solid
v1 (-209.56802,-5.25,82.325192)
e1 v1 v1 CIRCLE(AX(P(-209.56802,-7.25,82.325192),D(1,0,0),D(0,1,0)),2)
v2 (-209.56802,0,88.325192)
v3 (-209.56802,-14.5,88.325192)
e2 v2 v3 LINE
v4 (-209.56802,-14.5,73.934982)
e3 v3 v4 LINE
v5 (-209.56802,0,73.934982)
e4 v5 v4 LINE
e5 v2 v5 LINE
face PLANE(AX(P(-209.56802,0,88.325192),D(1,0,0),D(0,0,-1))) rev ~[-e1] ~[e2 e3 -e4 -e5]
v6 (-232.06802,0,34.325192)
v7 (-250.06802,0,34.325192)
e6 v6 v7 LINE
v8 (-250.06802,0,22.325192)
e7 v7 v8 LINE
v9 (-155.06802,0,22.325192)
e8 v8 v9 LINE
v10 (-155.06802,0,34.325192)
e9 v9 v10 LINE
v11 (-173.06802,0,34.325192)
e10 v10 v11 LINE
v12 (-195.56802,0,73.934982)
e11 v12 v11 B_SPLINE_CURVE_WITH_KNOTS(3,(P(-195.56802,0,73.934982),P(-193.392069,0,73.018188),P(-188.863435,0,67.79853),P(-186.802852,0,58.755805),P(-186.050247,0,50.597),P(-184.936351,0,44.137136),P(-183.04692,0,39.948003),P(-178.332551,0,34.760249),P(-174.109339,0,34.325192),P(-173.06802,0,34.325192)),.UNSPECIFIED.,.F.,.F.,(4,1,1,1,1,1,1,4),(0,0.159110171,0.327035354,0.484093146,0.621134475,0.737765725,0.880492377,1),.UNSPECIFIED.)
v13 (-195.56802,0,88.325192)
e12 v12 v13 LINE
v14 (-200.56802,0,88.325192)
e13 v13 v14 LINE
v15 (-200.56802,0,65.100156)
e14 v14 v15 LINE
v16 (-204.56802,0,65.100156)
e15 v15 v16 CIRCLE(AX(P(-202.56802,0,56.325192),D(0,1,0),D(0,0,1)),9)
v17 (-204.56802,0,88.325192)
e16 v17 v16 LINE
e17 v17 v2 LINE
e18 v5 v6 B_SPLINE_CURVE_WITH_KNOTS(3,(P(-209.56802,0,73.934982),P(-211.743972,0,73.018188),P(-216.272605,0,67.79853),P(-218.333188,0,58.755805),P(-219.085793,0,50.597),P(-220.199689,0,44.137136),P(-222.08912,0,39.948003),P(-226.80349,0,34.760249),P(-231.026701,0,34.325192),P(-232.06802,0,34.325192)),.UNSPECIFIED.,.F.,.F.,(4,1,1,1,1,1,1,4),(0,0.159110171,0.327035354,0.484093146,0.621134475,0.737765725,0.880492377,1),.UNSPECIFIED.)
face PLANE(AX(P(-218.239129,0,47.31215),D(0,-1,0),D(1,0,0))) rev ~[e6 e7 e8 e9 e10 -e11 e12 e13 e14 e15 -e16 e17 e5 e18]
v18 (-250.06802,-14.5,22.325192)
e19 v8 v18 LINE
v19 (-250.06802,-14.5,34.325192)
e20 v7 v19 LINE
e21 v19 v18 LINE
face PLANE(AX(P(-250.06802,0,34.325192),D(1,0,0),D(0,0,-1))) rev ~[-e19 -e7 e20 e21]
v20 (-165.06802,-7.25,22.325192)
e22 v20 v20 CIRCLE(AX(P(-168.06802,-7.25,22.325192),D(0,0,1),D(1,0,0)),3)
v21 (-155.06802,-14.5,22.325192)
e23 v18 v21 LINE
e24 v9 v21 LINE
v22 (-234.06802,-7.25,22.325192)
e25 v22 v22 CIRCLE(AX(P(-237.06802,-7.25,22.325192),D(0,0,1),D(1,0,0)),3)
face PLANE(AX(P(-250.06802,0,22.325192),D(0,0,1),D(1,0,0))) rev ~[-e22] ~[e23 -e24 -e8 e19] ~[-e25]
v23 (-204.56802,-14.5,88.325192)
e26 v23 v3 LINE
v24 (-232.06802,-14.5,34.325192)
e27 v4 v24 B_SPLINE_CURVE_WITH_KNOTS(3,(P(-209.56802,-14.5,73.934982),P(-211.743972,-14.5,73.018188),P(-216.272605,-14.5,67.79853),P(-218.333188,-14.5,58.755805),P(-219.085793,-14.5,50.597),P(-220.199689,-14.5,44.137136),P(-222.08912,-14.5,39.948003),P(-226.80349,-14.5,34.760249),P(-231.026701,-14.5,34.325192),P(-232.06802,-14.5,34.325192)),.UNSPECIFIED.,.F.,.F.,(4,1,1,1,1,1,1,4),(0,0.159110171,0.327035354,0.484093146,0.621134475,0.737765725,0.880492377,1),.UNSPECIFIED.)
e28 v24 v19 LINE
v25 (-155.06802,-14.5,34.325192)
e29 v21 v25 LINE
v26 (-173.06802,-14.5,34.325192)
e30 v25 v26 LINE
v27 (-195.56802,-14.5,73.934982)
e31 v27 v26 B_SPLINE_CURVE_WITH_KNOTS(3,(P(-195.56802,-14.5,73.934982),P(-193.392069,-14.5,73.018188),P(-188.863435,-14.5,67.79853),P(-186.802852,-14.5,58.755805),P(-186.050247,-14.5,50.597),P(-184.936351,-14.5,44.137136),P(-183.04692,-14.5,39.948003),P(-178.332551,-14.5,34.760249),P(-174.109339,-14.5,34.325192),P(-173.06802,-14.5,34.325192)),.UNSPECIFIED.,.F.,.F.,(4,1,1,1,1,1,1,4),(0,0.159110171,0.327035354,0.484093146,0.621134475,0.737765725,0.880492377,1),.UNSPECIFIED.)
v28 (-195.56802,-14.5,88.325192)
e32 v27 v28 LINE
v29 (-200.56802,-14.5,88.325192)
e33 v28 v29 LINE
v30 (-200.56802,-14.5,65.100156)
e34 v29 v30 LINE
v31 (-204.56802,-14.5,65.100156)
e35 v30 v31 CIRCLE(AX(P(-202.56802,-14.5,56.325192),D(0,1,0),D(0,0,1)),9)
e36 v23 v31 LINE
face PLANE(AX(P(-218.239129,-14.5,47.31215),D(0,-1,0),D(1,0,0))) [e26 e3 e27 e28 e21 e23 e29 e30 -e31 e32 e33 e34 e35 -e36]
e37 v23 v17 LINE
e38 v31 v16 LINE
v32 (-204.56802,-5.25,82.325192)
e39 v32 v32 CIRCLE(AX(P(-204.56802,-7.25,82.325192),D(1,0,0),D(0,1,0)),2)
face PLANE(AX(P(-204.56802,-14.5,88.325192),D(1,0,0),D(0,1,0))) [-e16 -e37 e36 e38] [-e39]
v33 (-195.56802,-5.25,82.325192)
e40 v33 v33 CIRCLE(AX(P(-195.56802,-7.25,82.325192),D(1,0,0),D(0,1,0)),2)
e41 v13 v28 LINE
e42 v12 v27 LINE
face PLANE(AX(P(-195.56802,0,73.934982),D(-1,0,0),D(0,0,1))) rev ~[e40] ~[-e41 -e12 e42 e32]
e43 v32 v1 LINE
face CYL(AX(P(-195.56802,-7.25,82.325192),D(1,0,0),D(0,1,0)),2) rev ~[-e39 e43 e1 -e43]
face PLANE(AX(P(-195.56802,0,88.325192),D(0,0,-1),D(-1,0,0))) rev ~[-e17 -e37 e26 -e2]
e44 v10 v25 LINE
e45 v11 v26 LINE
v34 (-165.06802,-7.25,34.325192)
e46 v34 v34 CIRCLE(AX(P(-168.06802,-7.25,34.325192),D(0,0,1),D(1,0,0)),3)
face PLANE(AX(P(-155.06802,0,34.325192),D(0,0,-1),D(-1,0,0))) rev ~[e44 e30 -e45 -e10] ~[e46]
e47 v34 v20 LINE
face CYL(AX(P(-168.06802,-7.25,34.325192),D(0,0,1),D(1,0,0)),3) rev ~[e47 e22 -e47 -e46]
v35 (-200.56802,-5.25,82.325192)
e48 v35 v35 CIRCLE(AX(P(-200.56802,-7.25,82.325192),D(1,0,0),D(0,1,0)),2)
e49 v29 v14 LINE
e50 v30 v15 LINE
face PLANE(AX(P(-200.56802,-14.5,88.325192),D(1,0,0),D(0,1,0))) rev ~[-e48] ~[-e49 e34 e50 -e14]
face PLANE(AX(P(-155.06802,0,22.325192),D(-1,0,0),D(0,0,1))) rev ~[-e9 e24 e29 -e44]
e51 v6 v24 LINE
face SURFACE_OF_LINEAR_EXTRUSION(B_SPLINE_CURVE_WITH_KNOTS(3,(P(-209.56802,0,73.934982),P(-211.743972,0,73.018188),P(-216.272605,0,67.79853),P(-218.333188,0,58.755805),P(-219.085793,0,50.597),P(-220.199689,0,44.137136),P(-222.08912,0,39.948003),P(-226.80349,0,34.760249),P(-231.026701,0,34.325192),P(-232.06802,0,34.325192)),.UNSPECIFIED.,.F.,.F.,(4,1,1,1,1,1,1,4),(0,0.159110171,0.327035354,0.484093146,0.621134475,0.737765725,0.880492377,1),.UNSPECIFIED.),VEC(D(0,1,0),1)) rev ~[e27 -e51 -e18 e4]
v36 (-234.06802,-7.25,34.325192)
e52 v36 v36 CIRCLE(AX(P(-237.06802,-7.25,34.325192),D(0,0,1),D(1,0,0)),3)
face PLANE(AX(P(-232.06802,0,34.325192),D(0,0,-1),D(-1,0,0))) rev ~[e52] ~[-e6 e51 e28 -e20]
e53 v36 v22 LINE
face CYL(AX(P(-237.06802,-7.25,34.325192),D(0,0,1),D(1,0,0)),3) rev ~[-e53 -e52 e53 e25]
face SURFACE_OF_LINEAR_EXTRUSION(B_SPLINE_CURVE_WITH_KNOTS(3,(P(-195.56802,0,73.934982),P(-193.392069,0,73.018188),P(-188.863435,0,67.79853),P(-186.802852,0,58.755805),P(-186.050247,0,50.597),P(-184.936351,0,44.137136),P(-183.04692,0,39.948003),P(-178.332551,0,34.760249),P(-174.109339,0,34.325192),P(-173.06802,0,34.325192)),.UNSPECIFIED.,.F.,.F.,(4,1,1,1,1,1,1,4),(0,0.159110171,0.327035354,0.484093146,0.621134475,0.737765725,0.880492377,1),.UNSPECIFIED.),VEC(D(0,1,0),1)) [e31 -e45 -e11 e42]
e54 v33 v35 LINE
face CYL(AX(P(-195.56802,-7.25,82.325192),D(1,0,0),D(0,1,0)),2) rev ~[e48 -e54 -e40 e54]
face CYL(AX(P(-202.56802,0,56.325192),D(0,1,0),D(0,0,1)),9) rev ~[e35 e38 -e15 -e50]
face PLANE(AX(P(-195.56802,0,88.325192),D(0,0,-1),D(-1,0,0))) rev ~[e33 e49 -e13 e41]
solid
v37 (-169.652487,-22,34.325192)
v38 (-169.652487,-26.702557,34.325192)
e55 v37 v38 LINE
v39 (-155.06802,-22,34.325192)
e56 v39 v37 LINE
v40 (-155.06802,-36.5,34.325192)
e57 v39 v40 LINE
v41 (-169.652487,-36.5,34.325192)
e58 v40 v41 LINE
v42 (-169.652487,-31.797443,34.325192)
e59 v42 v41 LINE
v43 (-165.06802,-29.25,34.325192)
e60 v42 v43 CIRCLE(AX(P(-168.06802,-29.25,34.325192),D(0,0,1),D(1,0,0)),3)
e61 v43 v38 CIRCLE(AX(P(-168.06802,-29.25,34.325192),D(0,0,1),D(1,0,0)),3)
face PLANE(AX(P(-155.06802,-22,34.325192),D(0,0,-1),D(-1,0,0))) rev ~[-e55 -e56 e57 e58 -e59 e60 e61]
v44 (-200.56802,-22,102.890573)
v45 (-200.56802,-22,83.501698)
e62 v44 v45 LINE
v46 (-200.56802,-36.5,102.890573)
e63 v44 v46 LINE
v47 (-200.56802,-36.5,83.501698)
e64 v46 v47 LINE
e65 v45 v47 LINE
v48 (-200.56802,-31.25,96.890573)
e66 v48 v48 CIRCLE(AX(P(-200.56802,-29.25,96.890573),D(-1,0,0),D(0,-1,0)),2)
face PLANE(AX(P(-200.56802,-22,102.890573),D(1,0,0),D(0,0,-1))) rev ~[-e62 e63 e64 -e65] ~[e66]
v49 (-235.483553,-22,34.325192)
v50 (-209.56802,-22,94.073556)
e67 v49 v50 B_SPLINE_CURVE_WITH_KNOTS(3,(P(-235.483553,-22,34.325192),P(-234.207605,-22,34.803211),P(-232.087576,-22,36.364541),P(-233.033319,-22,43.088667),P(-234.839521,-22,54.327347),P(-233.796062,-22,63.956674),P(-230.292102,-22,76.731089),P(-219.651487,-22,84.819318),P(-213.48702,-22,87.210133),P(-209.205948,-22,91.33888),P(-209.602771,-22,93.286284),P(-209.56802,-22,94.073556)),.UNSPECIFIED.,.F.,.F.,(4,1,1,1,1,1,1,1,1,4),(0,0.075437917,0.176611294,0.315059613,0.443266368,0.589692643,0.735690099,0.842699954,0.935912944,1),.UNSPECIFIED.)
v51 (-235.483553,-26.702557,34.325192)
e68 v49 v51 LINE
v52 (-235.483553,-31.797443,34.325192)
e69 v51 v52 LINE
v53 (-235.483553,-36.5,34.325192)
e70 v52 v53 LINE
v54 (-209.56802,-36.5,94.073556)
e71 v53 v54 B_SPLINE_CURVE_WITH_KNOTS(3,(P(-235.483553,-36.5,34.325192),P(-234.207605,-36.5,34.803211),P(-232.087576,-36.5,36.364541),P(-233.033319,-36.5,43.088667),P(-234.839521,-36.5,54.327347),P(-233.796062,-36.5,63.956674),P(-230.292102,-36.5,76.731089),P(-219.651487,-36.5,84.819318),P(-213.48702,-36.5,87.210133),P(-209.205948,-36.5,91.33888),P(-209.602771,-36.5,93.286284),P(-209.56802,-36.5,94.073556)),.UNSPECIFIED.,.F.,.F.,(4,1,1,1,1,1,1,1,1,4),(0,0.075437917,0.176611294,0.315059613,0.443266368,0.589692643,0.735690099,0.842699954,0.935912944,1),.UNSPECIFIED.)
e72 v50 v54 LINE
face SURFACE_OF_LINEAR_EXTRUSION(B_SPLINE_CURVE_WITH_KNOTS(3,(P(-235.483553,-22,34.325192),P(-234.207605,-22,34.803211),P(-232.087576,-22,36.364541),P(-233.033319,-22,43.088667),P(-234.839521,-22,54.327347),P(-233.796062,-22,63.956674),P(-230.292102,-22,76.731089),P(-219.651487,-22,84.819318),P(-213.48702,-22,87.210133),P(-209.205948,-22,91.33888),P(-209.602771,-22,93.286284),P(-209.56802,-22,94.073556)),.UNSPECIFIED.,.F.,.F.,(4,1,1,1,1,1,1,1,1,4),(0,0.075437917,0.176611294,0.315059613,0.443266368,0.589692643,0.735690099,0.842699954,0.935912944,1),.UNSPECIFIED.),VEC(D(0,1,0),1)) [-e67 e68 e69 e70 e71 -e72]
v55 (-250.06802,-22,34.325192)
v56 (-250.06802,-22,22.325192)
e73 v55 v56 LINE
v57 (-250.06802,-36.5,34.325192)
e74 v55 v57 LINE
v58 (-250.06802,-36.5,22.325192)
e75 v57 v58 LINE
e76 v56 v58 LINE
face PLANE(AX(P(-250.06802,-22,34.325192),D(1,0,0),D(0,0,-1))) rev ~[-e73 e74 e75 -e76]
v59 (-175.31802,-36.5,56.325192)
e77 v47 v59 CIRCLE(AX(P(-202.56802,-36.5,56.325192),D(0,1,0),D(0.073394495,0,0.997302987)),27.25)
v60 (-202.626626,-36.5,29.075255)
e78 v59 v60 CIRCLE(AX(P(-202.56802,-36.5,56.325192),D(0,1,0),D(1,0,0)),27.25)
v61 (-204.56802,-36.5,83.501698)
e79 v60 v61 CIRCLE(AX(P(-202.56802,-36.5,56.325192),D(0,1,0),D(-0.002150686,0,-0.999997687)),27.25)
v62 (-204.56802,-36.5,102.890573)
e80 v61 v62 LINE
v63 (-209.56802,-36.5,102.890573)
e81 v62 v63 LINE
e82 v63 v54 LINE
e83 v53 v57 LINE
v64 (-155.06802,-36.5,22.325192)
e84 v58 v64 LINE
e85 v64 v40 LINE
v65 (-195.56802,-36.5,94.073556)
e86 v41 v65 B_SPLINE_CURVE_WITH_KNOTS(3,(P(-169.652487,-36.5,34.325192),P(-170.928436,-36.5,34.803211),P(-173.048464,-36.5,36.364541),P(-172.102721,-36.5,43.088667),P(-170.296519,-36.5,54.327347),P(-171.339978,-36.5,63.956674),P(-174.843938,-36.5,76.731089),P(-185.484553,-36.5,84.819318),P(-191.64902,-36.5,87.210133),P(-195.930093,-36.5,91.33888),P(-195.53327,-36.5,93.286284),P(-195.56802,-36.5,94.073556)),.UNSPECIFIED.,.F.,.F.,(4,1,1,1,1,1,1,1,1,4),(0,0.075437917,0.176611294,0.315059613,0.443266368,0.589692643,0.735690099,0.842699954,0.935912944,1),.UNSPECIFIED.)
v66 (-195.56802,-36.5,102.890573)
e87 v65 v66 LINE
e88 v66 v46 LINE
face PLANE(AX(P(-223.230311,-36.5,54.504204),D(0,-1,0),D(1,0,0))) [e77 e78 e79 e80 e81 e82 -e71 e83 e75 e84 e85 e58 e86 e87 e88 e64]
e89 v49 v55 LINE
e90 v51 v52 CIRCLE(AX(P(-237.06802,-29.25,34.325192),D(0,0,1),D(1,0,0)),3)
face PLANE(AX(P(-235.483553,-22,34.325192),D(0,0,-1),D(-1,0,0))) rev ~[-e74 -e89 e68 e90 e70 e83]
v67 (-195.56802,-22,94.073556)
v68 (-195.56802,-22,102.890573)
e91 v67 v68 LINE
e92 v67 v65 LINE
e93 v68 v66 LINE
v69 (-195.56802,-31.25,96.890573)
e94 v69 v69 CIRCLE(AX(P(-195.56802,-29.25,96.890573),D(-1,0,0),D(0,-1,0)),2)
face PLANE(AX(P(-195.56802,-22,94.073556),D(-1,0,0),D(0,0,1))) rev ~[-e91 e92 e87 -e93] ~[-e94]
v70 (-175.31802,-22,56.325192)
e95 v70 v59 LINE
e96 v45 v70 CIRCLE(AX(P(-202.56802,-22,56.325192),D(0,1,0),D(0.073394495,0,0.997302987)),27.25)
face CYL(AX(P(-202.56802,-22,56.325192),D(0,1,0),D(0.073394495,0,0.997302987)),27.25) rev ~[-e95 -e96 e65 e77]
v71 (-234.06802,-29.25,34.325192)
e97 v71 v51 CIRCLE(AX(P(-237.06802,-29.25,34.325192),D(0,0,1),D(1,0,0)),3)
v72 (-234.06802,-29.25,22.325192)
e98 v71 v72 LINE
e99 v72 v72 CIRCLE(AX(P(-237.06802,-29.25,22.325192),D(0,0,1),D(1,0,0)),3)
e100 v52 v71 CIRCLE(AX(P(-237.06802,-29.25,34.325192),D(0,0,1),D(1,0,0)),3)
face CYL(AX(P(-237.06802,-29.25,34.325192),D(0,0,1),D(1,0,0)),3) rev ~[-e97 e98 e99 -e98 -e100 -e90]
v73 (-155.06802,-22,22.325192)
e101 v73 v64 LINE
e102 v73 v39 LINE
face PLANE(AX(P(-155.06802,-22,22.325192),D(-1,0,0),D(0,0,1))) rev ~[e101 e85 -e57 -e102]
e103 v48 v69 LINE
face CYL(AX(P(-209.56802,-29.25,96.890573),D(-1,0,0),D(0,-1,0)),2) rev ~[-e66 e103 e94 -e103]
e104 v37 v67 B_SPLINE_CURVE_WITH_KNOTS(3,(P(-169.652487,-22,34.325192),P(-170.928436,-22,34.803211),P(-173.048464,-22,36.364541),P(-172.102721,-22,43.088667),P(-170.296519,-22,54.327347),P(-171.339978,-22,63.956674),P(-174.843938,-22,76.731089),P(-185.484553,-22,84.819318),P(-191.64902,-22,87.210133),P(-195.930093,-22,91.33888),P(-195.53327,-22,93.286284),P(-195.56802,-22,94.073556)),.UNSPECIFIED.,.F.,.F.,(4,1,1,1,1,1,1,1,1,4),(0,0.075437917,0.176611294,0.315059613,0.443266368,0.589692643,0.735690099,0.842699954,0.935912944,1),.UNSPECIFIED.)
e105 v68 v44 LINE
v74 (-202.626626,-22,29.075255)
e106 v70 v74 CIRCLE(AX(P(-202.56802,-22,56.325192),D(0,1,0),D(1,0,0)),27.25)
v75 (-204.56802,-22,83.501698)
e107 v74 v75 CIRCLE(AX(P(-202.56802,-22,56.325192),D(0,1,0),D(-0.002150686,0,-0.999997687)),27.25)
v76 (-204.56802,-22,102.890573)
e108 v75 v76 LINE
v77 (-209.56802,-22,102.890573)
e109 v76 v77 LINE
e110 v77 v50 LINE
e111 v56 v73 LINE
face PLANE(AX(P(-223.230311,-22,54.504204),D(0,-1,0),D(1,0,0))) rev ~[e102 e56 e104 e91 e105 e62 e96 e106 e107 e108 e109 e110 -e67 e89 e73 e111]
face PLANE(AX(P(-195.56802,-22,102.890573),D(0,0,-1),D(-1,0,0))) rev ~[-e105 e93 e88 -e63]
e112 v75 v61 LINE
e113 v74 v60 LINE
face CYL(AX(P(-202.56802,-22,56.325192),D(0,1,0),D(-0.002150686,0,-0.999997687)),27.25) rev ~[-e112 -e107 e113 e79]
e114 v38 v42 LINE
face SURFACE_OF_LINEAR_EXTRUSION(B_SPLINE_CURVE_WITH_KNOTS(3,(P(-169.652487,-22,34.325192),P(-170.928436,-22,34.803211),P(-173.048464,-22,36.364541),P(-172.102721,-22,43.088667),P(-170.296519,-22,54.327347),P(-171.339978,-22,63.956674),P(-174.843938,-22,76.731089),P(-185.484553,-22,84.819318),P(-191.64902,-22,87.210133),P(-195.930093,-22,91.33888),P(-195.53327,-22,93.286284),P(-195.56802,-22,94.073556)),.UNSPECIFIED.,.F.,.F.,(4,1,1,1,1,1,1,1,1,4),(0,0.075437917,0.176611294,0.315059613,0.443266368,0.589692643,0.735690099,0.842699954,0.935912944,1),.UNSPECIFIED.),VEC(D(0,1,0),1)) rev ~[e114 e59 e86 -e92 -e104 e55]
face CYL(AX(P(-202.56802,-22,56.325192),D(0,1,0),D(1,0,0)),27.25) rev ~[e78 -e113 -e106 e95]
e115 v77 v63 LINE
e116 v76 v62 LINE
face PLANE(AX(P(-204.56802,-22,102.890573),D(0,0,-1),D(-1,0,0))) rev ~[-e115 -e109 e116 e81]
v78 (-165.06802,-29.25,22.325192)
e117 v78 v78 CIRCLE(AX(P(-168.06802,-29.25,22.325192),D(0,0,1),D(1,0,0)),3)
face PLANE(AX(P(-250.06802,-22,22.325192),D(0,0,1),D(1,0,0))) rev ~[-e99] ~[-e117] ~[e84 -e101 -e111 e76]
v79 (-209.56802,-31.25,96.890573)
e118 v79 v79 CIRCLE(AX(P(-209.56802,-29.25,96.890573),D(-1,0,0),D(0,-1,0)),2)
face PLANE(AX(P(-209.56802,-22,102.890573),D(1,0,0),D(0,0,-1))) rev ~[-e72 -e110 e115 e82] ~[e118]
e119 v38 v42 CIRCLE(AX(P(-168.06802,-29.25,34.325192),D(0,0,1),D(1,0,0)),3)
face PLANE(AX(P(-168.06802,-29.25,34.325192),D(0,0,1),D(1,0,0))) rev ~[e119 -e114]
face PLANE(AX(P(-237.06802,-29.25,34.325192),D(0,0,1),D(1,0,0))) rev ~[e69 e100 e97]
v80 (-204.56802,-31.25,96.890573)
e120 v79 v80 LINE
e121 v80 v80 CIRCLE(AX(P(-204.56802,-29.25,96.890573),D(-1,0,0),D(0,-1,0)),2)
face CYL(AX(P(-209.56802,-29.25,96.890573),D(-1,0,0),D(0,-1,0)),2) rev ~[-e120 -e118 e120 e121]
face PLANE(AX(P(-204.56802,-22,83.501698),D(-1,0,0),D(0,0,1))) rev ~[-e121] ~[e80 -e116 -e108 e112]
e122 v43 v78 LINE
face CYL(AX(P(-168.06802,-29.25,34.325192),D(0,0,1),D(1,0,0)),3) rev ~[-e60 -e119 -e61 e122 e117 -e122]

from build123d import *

# Parameters (mm, degrees)
F2_DEPTH  = 14.5
F3_R      = 3
F4_DEPTH  = 25
F5_W      = 4
F5_H      = 14.5
F6_DEPTH  = 25
F7_R      = 2
F8_DEPTH  = 25
F11_DEPTH = 14.5
F12_R     = 3
F13_DEPTH = 25
F14_R     = 2
F15_DEPTH = 25


with BuildPart() as f2:
    # F1 (on face) → F2 (new body)
    with BuildSketch(Plane.XZ):
        with BuildLine():
            Line((-202.5680201617, 65.3251916903), (-202.5680201617, 88.3251916903))
            Line((-202.5680201617, 88.3251916903), (-209.5680201617, 88.3251916903))
            Line((-209.5680201617, 88.3251916903), (-209.5680201617, 73.9349819805))
            add(Edge.make_bspline(
                [(-209.5680201617, 73.9349819805), (-211.7439716774, 73.0181878643), (-216.2726052613, 67.7985303627), (-218.3331884568, 58.75580514), (-219.0857934458, 50.5969995569), (-220.199689377, 44.137135842), (-222.0891199342, 39.9480032137), (-226.803489677, 34.7602491031), (-231.0267011323, 34.3251916903), (-232.0680201617, 34.3251916903)],
                knots=[0, 0, 0, 0, 0.1591101706, 0.3270353536, 0.4840931463, 0.6211344746, 0.7377657249, 0.8804923771, 1, 1, 1, 1], degree=3))
            Line((-232.0680201617, 34.3251916903), (-250.0680201617, 34.3251916903))
            Line((-250.0680201617, 34.3251916903), (-250.0680201617, 22.3251916903))
            Line((-250.0680201617, 22.3251916903), (-202.5680201617, 22.3251916903))
            Line((-202.5680201617, 22.3251916903), (-202.5680201617, 47.3251916903))
            ThreePointArc((-202.5680201617, 47.3251916903), (-211.5680201617, 56.3251916903), (-202.5680201617, 65.3251916903))
        make_face()
        with BuildLine():
            Line((-195.5680201617, 88.3251916903), (-202.5680201617, 88.3251916903))
            Line((-202.5680201617, 88.3251916903), (-202.5680201617, 65.3251916903))
            ThreePointArc((-202.5680201617, 65.3251916903), (-193.5680201617, 56.3251916903), (-202.5680201617, 47.3251916903))
            Line((-202.5680201617, 47.3251916903), (-202.5680201617, 22.3251916903))
            Line((-202.5680201617, 22.3251916903), (-155.0680201617, 22.3251916903))
            Line((-155.0680201617, 22.3251916903), (-155.0680201617, 34.3251916903))
            Line((-155.0680201617, 34.3251916903), (-173.0680201617, 34.3251916903))
            add(Edge.make_bspline(
                [(-195.5680201617, 73.9349819805), (-193.392068646, 73.0181878643), (-188.863435062, 67.7985303627), (-186.8028518665, 58.75580514), (-186.0502468775, 50.5969995569), (-184.9363509464, 44.137135842), (-183.0469203892, 39.9480032137), (-178.3325506464, 34.7602491031), (-174.109339191, 34.3251916903), (-173.0680201617, 34.3251916903)],
                knots=[0, 0, 0, 0, 0.1591101706, 0.3270353536, 0.4840931463, 0.6211344746, 0.7377657249, 0.8804923771, 1, 1, 1, 1], degree=3))
            Line((-195.5680201617, 73.9349819805), (-195.5680201617, 88.3251916903))
        make_face()
    extrude(amount=F2_DEPTH)

    # F3 (on face) → F4 (cut)
    with BuildSketch(Plane.XY.offset(34.3251916903)):
        with Locations((-237.0680201617, -7.25)):
            Circle(F3_R)
        with Locations((-168.0680201617, -7.25)):
            Circle(F3_R)
    extrude(amount=-F4_DEPTH, mode=Mode.SUBTRACT)

    # F5 (on face) → F6 (cut)
    with BuildSketch(Plane.XY.offset(88.3251916903)):
        with Locations((-202.5680201617, -7.25)):
            Rectangle(F5_W, F5_H)
    extrude(amount=-F6_DEPTH, mode=Mode.SUBTRACT)

    # F7 (on face) → F8 (cut)
    with BuildSketch(Plane.YZ.offset(-195.5680201617)):
        with Locations((-7.25, 82.3251916903)):
            Circle(F7_R)
    extrude(amount=-F8_DEPTH, mode=Mode.SUBTRACT)


with BuildPart() as f11:
    # F10 (on offset) → F11 (new body)
    with BuildSketch(Plane.XZ.offset(22)):
        with BuildLine():
            Line((-202.6266263647, 22.3251916903), (-202.6266263647, 29.0752547122))
            ThreePointArc((-202.6266263647, 29.0752547122), (-229.8007008876, 55.3538006871), (-204.5680201617, 83.5016980883))
            Line((-204.5680201617, 83.5016980883), (-204.5680201617, 102.890573442))
            Line((-204.5680201617, 102.890573442), (-209.5680201617, 102.890573442))
            Line((-209.5680201617, 102.890573442), (-209.5680201617, 94.0735563636))
            add(Edge.make_bspline(
                [(-235.4835533467, 34.3251916903), (-234.2076045099, 34.8032106649), (-232.0875761704, 36.3645413181), (-233.0333190955, 43.0886671998), (-234.8395213207, 54.3273465748), (-233.7960622807, 63.9566738497), (-230.2921019868, 76.7310885142), (-219.6514869865, 84.8193184868), (-213.4870202974, 87.2101328255), (-209.205947769, 91.3388803607), (-209.6027707631, 93.2862840105), (-209.5680201617, 94.0735563636)],
                knots=[0, 0, 0, 0, 0.0754379169, 0.1766112941, 0.3150596134, 0.4432663677, 0.5896926426, 0.7356900989, 0.8426999539, 0.935912944, 1, 1, 1, 1], degree=3))
            Line((-235.4835533467, 34.3251916903), (-250.0680201617, 34.3251916903))
            Line((-250.0680201617, 34.3251916903), (-250.0680201617, 22.3251916903))
            Line((-250.0680201617, 22.3251916903), (-202.6266263647, 22.3251916903))
        make_face()
        with BuildLine():
            ThreePointArc((-200.5680201617, 83.5016980883), (-182.6047726804, 74.8732711057), (-175.3180201617, 56.3251916903))
            ThreePointArc((-175.3180201617, 56.3251916903), (-183.3200919489, 37.03582261), (-202.6266263647, 29.0752547122))
            Line((-202.6266263647, 29.0752547122), (-202.6266263647, 22.3251916903))
            Line((-202.6266263647, 22.3251916903), (-202.5094139586, 22.3251916903))
            Line((-202.5094139586, 22.3251916903), (-155.0680201617, 22.3251916903))
            Line((-155.0680201617, 22.3251916903), (-155.0680201617, 34.3251916903))
            Line((-155.0680201617, 34.3251916903), (-169.6524869767, 34.3251916903))
            add(Edge.make_bspline(
                [(-169.6524869767, 34.3251916903), (-170.9284358134, 34.8032106649), (-173.048464153, 36.3645413181), (-172.1027212278, 43.0886671998), (-170.2965190026, 54.3273465748), (-171.3399780427, 63.9566738497), (-174.8439383366, 76.7310885142), (-185.4845533369, 84.8193184868), (-191.649020026, 87.2101328255), (-195.9300925543, 91.3388803607), (-195.5332695603, 93.2862840105), (-195.5680201617, 94.0735563636)],
                knots=[0, 0, 0, 0, 0.0754379169, 0.1766112941, 0.3150596134, 0.4432663677, 0.5896926426, 0.7356900989, 0.8426999539, 0.935912944, 1, 1, 1, 1], degree=3))
            Line((-195.5680201617, 94.0735563636), (-195.5680201617, 102.890573442))
            Line((-195.5680201617, 102.890573442), (-200.5680201617, 102.890573442))
            Line((-200.5680201617, 102.890573442), (-200.5680201617, 83.5016980883))
        make_face()
    extrude(amount=F11_DEPTH)

    # F12 (on face) → F13 (cut)
    with BuildSketch(Plane.XY.offset(34.3251916903)):
        with Locations((-237.0680201617, -29.25)):
            Circle(F12_R)
        with Locations((-168.0680201617, -29.25)):
            Circle(F12_R)
    extrude(amount=-F13_DEPTH, mode=Mode.SUBTRACT)

    # F14 (on face) → F15 (cut)
    with BuildSketch(Plane(origin=(-209.5680201617, 0, 0), x_dir=(0, -1, 0), z_dir=(-1, 0, 0))):
        with Locations((29.25, 96.890573442)):
            Circle(F14_R)
    extrude(amount=-F15_DEPTH, mode=Mode.SUBTRACT)


solid = Compound([f2.part, f11.part])
